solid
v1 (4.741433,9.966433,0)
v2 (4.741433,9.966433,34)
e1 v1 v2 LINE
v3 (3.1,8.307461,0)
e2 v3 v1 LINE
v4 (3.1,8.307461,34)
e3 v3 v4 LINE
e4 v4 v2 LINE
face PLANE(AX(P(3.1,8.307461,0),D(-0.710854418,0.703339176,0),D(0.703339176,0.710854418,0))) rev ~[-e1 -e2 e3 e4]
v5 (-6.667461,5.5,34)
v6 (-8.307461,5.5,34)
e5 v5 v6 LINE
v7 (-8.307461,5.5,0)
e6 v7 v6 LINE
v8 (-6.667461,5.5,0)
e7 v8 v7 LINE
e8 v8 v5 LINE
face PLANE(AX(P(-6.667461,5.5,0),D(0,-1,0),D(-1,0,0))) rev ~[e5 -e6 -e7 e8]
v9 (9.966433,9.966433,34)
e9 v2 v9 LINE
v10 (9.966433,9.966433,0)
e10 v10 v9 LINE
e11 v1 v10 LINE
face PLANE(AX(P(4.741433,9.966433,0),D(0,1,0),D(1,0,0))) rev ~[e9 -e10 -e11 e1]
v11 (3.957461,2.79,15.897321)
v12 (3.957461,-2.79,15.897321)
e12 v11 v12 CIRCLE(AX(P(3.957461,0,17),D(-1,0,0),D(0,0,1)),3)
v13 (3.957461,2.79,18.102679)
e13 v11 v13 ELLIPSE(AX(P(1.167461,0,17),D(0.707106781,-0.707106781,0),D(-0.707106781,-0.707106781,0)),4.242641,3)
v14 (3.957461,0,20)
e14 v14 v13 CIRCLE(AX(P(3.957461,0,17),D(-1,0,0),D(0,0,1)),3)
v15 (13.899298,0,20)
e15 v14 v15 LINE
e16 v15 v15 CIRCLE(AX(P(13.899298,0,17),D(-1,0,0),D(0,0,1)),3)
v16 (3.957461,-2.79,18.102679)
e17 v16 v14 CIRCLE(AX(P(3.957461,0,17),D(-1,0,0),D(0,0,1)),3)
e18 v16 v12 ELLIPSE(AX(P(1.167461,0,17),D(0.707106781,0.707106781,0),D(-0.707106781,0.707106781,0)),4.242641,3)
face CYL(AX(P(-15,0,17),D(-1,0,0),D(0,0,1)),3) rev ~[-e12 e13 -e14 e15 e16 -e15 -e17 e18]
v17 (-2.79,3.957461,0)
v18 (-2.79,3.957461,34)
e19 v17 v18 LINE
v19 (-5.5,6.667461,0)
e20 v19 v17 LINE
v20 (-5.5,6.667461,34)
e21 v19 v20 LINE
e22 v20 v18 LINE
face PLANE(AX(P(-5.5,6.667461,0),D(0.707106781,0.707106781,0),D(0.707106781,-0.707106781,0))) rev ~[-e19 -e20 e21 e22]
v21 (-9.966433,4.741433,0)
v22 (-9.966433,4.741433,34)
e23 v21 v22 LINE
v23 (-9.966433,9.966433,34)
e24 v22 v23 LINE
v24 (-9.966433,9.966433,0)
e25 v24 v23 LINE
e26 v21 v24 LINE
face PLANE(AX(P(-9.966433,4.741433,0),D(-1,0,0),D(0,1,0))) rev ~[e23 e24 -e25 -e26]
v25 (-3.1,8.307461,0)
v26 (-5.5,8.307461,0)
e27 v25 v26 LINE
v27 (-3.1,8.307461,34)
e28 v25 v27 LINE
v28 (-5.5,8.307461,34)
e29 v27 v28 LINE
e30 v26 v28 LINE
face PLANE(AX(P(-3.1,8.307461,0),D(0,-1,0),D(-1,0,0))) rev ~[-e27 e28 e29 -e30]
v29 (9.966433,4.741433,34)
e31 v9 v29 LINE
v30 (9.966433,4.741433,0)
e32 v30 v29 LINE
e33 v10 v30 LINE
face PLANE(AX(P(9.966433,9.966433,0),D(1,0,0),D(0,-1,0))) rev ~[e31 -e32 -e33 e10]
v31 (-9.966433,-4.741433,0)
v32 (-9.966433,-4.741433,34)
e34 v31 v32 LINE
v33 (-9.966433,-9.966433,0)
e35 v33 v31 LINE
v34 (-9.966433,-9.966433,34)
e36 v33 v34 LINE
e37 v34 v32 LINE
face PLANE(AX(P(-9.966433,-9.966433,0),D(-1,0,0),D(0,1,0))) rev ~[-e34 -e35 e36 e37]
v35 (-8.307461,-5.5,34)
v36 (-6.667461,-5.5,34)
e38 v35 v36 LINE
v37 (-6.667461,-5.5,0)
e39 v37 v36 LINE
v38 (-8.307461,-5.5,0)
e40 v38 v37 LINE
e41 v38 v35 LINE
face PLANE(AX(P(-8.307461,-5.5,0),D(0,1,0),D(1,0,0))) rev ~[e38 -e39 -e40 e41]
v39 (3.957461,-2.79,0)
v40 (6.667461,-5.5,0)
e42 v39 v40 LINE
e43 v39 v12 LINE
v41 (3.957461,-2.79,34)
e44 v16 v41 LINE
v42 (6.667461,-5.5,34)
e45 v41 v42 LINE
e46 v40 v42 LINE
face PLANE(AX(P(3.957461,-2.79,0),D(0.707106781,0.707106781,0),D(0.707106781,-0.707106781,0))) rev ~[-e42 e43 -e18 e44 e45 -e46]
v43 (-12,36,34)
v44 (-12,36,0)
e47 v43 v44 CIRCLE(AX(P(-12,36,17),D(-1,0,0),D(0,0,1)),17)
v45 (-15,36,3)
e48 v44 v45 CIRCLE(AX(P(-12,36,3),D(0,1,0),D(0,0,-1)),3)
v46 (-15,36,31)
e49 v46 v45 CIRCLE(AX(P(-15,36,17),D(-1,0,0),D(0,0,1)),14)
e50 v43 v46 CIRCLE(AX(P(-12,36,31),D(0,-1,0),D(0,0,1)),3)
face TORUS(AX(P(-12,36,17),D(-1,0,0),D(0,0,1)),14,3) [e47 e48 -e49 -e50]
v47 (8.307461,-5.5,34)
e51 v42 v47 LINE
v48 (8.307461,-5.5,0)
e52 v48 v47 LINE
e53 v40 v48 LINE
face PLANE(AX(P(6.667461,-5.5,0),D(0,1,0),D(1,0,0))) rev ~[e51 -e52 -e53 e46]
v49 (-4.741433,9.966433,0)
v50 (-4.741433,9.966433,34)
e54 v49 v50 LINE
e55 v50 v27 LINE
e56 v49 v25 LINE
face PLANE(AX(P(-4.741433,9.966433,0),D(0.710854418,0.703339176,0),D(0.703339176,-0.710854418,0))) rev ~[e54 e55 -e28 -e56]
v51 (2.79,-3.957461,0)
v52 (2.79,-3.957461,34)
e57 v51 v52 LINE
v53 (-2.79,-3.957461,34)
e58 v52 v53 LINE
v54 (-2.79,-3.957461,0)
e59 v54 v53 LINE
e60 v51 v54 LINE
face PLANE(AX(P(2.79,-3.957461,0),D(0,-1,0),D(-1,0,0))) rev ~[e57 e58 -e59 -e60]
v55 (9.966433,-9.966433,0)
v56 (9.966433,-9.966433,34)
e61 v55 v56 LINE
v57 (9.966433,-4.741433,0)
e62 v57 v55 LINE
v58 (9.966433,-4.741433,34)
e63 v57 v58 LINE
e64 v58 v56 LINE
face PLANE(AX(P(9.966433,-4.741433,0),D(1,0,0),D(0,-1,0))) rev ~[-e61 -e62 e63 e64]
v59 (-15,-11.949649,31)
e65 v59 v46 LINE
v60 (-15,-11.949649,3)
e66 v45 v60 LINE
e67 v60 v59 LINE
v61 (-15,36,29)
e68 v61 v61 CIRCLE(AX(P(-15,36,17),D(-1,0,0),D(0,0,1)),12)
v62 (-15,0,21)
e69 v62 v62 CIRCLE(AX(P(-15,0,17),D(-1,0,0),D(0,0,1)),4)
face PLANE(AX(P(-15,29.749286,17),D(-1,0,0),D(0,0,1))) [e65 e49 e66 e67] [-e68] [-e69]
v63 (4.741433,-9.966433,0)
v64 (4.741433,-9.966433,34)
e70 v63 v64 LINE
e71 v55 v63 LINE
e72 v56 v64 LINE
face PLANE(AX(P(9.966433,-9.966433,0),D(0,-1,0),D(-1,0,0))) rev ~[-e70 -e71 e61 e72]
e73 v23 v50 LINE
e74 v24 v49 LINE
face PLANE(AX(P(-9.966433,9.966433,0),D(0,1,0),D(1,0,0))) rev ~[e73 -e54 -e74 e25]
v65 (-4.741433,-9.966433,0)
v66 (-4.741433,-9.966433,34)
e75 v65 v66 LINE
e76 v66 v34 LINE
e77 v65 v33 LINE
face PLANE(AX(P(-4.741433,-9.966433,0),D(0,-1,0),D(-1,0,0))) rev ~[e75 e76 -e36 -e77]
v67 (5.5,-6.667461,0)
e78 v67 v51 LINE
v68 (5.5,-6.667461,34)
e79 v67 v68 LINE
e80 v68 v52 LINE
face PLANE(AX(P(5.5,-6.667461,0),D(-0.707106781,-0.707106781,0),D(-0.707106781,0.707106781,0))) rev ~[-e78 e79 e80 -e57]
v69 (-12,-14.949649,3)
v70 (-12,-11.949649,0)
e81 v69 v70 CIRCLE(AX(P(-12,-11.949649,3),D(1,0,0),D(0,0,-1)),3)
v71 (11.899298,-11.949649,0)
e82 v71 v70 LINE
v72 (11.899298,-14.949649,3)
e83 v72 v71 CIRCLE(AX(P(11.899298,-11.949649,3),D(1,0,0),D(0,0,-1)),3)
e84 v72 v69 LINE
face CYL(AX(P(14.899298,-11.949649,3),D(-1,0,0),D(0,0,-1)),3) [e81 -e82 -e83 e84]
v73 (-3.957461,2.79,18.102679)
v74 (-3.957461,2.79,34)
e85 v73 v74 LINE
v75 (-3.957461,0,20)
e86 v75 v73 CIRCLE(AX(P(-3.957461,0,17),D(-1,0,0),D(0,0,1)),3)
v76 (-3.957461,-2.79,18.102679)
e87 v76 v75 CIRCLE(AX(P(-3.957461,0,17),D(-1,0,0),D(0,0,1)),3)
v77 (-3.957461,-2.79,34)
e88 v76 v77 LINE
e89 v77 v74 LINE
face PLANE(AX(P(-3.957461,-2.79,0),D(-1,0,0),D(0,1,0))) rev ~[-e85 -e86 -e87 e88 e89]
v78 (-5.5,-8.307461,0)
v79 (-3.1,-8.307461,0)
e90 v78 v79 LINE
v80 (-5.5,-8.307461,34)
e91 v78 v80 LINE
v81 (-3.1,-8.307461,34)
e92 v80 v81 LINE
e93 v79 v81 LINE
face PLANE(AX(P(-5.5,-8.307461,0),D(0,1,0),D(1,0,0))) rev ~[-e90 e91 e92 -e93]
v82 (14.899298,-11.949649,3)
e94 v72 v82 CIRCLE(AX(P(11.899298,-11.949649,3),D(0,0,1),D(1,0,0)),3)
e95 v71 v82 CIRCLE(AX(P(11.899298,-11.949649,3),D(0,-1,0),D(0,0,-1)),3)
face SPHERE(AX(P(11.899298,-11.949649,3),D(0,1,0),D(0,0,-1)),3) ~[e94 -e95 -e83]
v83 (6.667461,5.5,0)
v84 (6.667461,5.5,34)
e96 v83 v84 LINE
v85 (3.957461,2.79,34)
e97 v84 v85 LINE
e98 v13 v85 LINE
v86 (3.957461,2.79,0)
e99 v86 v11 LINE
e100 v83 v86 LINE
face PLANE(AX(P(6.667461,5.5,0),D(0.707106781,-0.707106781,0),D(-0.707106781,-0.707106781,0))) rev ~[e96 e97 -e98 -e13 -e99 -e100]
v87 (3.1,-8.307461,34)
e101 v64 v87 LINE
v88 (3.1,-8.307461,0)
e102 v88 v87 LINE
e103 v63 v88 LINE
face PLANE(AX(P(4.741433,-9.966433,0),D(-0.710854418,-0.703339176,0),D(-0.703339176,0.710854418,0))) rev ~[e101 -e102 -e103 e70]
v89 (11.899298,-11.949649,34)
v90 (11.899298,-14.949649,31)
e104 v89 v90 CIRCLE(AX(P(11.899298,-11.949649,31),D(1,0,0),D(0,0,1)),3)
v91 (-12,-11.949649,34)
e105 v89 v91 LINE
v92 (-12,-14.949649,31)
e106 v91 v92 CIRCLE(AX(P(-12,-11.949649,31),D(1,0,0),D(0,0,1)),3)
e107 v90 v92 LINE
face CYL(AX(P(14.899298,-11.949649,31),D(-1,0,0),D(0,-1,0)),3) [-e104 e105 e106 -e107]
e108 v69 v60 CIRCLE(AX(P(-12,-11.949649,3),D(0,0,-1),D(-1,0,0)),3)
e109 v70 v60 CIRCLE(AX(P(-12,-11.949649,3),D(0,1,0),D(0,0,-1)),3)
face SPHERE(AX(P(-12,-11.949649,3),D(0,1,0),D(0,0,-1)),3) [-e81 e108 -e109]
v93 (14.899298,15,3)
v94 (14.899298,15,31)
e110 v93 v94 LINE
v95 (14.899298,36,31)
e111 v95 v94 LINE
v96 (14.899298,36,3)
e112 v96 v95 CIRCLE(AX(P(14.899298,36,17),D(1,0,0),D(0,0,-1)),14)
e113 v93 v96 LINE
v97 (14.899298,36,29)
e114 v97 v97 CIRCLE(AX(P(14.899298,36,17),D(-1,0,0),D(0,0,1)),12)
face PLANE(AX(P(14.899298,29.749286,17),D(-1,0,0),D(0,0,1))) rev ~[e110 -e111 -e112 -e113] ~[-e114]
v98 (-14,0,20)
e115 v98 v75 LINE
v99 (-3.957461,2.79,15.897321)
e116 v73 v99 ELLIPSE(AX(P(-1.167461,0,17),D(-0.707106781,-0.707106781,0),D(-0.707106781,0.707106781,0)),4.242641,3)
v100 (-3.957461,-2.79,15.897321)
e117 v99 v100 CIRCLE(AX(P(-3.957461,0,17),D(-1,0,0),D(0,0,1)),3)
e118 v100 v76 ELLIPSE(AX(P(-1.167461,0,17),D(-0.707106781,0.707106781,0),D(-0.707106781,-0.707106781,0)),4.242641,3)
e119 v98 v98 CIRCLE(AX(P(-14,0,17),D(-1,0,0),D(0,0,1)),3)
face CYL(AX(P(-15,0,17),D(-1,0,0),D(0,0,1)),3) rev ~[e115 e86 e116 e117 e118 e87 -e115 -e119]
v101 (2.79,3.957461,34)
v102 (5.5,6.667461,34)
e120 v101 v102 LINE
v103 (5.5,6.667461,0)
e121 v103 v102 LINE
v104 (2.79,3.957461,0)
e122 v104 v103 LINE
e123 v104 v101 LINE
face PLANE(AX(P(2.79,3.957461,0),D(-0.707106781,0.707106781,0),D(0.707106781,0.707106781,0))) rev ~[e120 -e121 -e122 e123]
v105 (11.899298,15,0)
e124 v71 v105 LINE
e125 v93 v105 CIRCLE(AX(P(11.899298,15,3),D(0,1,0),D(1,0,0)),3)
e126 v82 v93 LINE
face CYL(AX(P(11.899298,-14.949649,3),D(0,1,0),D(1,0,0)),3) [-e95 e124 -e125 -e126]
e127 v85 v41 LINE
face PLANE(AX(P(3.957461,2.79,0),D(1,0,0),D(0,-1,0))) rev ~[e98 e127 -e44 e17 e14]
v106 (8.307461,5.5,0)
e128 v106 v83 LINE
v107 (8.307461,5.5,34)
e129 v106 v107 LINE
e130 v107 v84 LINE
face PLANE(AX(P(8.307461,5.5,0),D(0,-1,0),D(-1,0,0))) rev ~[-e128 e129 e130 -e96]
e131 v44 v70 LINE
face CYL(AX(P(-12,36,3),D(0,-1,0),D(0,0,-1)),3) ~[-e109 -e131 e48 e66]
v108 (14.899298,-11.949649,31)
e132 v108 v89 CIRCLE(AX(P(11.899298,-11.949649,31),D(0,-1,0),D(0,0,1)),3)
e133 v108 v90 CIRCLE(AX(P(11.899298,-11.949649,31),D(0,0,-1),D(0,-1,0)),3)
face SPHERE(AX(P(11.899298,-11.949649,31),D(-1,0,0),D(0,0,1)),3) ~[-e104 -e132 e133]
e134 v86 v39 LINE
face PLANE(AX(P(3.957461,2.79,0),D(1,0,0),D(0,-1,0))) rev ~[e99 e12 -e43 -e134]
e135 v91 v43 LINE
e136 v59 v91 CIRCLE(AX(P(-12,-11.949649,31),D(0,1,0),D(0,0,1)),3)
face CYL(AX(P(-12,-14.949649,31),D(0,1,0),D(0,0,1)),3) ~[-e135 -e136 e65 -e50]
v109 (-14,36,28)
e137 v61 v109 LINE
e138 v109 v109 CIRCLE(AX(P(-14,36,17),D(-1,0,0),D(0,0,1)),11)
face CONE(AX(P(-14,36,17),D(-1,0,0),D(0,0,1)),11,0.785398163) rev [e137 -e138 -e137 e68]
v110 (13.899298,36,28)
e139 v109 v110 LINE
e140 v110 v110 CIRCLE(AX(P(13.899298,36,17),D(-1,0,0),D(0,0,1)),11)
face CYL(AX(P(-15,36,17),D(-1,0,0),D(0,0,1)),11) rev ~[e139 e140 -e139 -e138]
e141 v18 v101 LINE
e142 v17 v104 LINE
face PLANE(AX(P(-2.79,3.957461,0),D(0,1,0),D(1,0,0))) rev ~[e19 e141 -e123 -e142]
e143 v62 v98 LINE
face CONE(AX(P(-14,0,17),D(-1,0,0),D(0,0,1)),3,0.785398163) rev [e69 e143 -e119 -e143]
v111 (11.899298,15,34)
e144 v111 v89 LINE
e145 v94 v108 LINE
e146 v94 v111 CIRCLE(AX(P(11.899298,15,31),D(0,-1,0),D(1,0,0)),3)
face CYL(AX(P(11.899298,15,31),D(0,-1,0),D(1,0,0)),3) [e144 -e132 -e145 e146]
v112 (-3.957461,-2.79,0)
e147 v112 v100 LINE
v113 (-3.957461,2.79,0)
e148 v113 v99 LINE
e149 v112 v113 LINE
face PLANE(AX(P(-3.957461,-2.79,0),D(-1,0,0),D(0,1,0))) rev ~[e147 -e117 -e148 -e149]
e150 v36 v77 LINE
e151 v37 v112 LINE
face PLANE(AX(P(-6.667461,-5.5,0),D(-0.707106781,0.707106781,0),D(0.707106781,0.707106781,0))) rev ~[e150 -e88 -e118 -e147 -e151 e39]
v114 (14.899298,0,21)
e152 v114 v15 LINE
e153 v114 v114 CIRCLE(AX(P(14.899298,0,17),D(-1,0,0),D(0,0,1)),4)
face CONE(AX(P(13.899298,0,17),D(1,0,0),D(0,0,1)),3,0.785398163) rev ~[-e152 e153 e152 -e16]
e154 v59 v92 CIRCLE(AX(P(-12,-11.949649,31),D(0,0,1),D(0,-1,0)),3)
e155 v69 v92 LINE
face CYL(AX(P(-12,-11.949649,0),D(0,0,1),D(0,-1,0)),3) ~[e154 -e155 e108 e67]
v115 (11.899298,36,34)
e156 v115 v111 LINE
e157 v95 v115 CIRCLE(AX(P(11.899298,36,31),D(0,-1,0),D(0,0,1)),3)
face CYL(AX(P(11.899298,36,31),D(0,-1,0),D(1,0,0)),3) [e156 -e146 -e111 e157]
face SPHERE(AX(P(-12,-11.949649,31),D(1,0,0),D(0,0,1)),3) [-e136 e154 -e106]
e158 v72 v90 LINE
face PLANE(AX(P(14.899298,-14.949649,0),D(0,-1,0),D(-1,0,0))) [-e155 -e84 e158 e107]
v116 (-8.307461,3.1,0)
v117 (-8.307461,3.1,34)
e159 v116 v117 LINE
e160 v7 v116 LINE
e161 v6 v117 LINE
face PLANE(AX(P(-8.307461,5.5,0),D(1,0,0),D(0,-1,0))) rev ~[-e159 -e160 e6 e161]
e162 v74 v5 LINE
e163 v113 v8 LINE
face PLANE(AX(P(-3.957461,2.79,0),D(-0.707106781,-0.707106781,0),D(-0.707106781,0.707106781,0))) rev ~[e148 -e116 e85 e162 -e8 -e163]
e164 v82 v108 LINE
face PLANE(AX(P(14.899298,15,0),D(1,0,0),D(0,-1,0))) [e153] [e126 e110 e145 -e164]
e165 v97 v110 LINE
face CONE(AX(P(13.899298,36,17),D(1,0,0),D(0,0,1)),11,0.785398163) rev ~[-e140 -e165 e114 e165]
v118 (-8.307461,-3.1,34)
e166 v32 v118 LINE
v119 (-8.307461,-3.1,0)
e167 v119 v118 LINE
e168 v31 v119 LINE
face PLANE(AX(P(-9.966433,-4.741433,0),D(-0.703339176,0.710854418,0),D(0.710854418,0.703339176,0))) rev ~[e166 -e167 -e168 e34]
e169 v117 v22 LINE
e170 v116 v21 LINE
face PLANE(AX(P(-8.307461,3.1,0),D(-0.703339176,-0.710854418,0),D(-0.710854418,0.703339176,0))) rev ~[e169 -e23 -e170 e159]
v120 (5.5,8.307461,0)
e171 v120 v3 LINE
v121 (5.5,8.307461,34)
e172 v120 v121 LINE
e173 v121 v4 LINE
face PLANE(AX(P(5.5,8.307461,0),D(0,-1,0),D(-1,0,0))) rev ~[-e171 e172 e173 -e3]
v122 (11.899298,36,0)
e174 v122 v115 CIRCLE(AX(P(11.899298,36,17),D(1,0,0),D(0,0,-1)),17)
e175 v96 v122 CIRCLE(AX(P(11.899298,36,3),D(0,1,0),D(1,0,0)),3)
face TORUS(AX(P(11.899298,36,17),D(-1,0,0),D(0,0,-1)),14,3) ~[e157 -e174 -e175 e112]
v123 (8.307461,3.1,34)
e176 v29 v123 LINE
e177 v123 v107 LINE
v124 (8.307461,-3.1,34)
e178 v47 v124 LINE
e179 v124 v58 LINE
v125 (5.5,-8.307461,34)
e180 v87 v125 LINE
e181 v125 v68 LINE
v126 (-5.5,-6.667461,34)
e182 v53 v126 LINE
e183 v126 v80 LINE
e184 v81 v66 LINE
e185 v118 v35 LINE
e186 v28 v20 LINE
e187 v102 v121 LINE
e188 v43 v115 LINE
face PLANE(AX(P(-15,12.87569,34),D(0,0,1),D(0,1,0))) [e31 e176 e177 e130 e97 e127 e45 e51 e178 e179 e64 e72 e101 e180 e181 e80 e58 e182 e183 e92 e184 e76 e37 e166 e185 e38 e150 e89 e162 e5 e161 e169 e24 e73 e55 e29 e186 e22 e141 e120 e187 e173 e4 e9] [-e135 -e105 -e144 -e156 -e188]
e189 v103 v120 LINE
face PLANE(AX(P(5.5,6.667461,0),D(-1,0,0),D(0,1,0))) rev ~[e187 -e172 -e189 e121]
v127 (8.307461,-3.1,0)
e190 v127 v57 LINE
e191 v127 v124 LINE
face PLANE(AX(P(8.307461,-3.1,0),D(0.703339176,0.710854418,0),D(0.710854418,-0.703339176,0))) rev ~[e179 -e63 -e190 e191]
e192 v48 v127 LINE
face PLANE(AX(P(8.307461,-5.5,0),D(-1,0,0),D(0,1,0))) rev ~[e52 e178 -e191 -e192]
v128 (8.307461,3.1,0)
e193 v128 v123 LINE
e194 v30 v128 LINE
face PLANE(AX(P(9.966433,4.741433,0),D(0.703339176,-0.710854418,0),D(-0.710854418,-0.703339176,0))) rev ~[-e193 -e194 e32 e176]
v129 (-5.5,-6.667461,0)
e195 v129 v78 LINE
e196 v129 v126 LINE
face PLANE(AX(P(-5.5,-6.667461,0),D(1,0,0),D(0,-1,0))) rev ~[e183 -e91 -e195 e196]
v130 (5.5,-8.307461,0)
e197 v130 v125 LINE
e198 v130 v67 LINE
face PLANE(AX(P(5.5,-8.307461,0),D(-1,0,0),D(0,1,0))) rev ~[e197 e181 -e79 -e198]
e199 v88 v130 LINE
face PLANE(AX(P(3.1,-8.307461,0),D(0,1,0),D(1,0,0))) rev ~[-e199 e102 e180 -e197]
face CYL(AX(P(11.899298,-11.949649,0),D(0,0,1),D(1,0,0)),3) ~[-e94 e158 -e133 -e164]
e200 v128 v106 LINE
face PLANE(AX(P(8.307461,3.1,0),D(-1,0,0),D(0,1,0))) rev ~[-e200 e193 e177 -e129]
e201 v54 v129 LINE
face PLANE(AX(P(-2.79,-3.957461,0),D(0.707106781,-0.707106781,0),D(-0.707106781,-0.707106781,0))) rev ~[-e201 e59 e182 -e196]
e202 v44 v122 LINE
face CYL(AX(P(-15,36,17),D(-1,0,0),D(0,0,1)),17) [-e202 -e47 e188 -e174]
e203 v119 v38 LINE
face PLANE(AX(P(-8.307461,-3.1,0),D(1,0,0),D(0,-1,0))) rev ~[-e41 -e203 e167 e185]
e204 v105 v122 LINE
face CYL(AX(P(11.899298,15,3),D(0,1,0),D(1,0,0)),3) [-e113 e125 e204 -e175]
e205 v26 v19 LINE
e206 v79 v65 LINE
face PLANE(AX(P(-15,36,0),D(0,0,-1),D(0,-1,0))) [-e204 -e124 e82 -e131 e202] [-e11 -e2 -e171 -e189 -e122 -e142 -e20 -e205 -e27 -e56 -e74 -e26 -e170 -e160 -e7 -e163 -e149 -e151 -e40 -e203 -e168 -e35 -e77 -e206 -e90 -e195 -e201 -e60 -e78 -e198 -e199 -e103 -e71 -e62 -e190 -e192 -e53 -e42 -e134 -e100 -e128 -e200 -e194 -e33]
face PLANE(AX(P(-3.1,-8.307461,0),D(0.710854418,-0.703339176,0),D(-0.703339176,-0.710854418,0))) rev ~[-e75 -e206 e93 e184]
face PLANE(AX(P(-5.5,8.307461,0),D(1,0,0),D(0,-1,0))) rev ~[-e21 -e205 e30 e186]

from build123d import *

# Parameters (mm, degrees)
BOSS_EXTRUDE1_DEPTH = 34
SKETCH5_R           = 11
BOSS_EXTRUDE3_DEPTH = 29.899298
SKETCH3_R           = 3
CUT_EXTRUDE1_DEPTH  = 30.899298428
FILLET1_R           = 3
CHAMFER1_SIZE       = 1


with BuildPart() as part:
    # Sketch1 → Boss-Extrude1 (new body)
    with BuildSketch(Plane.XY):
        Polygon((0, 15), (14.899298428, 15), (14.899298428, -14.949649214), (-15, -14.949649214), (-15, 15), align=None)
        Polygon((-9.966432809, 9.966432809), (-4.741432809, 9.966432809), (-3.1, 8.307461143), (-5.5, 8.307461143), (-5.5, 6.667461143), (-2.79, 3.957461143), (2.79, 3.957461143), (5.5, 6.667461143), (5.5, 8.307461143), (3.1, 8.307461143), (4.741432809, 9.966432809), (9.966432809, 9.966432809), (9.966432809, 4.741432809), (8.307461143, 3.1), (8.307461143, 5.5), (6.667461143, 5.5), (3.957461143, 2.79), (3.957461143, -2.79), (6.667461143, -5.5), (8.307461143, -5.5), (8.307461143, -3.1), (9.966432809, -4.741432809), (9.966432809, -9.966432809), (4.741432809, -9.966432809), (3.1, -8.307461143), (5.5, -8.307461143), (5.5, -6.667461143), (2.79, -3.957461143), (-2.79, -3.957461143), (-5.5, -6.667461143), (-5.5, -8.307461143), (-3.1, -8.307461143), (-4.741432809, -9.966432809), (-9.966432809, -9.966432809), (-9.966432809, -4.741432809), (-8.307461143, -3.1), (-8.307461143, -5.5), (-6.667461143, -5.5), (-3.957461143, -2.79), (-3.957461143, 2.79), (-6.667461143, 5.5), (-8.307461143, 5.5), (-8.307461143, 3.1), (-9.966432809, 4.741432809), align=None, mode=Mode.SUBTRACT)
    extrude(amount=BOSS_EXTRUDE1_DEPTH)

    # Sketch5 → Boss-Extrude3 (add, through all)
    with BuildSketch(Plane.ZY.offset(15)):
        with BuildLine():
            Line((0, 36), (0, 15))
            Line((0, 15), (0, 12.8756905))
            Line((0, 12.8756905), (34, 12.8756905))
            Line((34, 12.8756905), (34, 36))
            ThreePointArc((34, 36), (17, 53), (0, 36))
        make_face()
        with Locations((17, 36)):
            Circle(SKETCH5_R, mode=Mode.SUBTRACT)
    extrude(amount=-BOSS_EXTRUDE3_DEPTH)

    # Sketch3 → Cut-Extrude1 (cut, through all)
    with BuildSketch(Plane.ZY.offset(15)):
        with Locations((17, 0)):
            Circle(SKETCH3_R)
    extrude(amount=-CUT_EXTRUDE1_DEPTH, mode=Mode.SUBTRACT)

    # Fillet1
    fillet1_edges = [part.edges().sort_by_distance(p)[0] for p in [
        (-0.050350786, -14.949649214, 34),
        (14.899298428, 0.025175393, 34),
        (-15, 53, 17),
        (14.899298, 53, 17),
        (14.899298428, 0.025175393, 0),
        (-0.050350786, -14.949649214, 0),
        (-15, 10.525175393, 0),
        (-15, 10.525175393, 34),
        (14.899298428, -14.949649214, 17),
        (-15, -14.949649214, 17),
    ]]
    fillet(fillet1_edges, radius=FILLET1_R)

    # Chamfer1
    chamfer1_edges = [part.edges().sort_by_distance(p)[0] for p in [
        (14.899298, 36, 6),
        (-15, 36, 6),
        (14.899298428, 0, 14),
        (-15, 0, 14),
    ]]
    chamfer(chamfer1_edges, length=CHAMFER1_SIZE)


solid = part.part
